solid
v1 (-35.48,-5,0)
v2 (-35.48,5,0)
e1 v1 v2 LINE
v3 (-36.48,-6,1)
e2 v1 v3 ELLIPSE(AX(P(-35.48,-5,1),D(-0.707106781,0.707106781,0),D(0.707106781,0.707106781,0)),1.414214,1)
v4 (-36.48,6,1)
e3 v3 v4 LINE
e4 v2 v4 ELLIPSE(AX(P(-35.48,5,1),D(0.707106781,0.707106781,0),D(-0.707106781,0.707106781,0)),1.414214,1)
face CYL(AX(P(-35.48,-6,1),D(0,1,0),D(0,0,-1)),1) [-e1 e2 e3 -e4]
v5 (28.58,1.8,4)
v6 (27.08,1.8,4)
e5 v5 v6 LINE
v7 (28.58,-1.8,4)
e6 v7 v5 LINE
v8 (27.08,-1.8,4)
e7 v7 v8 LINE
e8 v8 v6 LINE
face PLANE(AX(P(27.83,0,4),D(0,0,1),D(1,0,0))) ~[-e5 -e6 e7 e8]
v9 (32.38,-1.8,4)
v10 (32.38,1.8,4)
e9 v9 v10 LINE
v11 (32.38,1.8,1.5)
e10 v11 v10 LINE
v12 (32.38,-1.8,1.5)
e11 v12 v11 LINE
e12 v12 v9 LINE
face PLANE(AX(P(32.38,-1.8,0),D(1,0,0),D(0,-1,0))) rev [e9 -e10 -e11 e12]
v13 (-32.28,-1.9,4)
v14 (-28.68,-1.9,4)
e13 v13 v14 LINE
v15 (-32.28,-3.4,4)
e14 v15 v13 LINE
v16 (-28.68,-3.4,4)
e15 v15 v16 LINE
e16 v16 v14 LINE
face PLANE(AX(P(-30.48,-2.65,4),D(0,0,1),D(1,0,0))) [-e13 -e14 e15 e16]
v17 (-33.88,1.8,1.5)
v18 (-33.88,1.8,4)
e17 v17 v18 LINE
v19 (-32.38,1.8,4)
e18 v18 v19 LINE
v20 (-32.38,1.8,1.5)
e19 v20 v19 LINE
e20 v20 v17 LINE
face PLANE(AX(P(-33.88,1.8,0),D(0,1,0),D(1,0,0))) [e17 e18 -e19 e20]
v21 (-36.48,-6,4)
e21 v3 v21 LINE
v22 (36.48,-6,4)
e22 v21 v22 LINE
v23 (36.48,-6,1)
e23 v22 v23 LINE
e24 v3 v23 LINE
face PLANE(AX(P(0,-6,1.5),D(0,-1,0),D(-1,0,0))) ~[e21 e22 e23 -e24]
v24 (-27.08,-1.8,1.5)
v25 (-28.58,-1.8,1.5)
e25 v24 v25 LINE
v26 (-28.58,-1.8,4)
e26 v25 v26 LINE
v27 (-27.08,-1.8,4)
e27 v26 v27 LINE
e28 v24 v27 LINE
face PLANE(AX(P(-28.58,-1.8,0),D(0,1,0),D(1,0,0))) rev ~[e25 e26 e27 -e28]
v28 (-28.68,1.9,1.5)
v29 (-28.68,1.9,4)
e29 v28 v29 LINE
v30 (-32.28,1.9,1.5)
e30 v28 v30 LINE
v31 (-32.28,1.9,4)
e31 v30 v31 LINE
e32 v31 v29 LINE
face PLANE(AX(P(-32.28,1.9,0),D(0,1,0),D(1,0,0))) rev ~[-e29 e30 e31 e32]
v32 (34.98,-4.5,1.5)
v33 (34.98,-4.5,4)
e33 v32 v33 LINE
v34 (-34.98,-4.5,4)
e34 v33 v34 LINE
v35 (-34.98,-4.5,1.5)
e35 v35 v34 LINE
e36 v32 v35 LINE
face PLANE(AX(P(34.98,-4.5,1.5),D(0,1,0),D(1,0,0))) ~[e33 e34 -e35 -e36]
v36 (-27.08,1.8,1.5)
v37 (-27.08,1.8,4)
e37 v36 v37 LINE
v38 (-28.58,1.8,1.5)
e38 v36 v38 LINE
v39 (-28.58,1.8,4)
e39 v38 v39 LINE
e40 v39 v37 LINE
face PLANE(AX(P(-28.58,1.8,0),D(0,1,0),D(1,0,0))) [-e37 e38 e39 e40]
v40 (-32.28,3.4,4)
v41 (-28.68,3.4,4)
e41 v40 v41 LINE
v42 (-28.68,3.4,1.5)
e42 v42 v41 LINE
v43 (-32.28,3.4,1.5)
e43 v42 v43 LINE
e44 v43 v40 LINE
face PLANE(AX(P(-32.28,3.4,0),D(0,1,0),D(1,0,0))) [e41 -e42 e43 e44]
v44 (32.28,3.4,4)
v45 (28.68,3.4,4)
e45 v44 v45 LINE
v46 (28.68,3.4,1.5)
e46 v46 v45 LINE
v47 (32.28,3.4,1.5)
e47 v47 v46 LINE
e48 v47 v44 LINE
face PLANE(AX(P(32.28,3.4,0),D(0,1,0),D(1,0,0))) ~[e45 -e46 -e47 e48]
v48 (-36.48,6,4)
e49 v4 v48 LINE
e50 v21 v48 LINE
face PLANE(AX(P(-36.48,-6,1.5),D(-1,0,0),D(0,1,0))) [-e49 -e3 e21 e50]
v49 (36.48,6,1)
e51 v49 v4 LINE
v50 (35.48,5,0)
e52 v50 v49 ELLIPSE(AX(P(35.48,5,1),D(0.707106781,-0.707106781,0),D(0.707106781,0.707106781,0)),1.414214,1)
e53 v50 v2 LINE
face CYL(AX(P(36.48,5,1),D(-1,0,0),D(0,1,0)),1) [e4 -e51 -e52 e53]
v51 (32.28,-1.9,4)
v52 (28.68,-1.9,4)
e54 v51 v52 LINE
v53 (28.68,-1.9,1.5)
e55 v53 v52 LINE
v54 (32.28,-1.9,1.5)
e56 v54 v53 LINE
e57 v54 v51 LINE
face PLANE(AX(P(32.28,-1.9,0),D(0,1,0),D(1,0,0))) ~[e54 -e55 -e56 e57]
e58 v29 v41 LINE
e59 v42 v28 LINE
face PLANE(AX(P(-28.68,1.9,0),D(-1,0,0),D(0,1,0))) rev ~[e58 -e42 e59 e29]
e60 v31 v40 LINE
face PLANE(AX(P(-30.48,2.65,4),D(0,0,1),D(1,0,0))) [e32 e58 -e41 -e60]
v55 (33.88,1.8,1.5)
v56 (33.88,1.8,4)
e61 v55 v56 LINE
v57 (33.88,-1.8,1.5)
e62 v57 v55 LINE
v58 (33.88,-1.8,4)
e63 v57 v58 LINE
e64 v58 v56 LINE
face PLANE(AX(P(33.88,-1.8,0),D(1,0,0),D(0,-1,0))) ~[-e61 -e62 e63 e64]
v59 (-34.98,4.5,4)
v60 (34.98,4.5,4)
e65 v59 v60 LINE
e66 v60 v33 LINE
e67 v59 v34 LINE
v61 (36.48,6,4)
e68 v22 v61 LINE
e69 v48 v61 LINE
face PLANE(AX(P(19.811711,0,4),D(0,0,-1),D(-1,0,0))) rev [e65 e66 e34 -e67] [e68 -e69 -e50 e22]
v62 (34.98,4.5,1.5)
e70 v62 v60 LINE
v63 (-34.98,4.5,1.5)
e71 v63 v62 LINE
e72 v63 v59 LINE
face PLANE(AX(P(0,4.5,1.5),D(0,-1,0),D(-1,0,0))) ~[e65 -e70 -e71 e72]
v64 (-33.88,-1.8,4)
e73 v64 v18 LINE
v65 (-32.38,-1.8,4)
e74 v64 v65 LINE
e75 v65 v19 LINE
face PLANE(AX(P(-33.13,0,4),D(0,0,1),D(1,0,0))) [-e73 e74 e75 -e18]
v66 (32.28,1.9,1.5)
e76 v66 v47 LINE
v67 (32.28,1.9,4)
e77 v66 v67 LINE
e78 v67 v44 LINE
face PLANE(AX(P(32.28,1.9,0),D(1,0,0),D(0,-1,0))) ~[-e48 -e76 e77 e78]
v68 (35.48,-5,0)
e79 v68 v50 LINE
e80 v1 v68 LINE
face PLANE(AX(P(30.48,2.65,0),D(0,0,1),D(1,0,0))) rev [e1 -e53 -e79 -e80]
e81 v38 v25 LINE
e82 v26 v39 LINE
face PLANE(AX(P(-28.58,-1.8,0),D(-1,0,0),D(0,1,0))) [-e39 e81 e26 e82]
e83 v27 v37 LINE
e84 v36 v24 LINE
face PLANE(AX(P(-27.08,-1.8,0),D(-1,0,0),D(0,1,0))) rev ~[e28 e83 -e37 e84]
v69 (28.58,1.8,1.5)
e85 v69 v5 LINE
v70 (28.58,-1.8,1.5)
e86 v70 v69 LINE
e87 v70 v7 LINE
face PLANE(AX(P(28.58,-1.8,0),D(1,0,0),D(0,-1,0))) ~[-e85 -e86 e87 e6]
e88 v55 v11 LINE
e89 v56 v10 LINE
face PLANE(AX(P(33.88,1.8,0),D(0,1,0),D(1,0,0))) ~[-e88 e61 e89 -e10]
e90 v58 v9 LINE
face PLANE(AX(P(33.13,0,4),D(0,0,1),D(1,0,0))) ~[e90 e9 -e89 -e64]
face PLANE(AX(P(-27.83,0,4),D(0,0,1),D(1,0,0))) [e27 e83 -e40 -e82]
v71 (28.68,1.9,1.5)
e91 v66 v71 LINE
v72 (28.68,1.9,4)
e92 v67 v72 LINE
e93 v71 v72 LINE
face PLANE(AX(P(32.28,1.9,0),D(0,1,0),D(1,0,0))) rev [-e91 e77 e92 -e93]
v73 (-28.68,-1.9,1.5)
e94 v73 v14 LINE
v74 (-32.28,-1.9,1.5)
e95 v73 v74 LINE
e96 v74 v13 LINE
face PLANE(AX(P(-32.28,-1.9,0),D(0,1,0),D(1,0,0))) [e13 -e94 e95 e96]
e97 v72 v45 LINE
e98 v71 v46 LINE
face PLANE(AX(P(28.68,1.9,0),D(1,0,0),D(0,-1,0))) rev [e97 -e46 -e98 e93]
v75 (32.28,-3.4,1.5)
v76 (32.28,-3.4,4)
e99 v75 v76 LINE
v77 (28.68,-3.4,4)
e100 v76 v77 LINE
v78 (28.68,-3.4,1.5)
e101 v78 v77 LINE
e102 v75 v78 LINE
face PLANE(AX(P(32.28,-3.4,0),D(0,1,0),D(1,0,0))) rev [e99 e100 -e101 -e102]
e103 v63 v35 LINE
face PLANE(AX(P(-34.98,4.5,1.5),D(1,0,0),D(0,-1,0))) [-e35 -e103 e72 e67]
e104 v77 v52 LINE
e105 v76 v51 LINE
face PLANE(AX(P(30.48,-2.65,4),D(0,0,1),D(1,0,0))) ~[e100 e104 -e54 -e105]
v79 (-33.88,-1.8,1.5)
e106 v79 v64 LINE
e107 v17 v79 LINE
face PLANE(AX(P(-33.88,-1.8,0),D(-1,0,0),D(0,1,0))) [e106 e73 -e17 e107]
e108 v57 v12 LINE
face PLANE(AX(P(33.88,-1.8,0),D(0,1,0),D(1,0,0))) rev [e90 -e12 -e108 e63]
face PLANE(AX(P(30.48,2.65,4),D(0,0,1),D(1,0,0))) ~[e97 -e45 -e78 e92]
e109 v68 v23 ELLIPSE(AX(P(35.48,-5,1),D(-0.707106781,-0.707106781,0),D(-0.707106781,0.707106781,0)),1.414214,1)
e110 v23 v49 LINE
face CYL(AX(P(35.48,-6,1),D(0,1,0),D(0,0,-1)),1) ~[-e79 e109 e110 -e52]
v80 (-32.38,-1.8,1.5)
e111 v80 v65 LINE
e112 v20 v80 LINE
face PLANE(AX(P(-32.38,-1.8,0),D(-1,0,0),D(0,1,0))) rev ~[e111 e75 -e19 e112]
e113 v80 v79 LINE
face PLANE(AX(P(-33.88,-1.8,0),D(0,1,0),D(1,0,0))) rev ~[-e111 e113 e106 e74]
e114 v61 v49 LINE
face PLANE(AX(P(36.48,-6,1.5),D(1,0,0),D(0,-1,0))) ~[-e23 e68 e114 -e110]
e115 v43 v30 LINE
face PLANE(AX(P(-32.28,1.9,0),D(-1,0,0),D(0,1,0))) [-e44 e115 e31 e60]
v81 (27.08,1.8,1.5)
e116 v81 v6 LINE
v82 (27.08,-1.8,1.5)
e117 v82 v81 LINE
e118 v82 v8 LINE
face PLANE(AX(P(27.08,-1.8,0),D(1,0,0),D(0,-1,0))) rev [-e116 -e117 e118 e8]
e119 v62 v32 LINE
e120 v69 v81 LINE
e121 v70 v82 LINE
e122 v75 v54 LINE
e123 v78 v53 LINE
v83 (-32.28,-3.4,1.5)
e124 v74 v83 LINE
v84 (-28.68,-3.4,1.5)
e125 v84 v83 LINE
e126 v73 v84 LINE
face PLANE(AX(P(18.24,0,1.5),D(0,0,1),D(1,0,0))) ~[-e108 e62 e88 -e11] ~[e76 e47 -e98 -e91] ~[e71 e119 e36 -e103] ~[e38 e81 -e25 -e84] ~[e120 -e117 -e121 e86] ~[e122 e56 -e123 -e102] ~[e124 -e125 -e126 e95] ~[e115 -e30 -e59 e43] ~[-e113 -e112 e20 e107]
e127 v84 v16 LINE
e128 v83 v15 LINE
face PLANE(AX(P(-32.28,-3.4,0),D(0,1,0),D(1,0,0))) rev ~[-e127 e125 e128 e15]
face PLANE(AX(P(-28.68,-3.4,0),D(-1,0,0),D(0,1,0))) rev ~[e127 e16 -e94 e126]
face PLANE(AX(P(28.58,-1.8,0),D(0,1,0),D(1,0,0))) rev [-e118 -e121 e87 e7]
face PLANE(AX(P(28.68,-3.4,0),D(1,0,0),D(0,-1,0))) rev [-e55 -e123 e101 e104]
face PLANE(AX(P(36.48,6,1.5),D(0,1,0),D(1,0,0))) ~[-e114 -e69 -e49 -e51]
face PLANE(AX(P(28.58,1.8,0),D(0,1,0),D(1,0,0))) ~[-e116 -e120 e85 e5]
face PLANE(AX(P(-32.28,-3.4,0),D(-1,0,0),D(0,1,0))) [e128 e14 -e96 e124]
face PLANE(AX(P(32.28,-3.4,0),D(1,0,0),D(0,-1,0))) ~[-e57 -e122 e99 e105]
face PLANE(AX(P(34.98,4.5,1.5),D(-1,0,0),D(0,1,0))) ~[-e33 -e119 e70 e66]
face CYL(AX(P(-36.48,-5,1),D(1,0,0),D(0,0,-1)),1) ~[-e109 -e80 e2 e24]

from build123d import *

# Parameters (mm, degrees)
SKETCH_W      = 36.48
SKETCH_H      = 12
PAD_DEPTH     = 1.5
PAD001_DEPTH  = 2.5
SKETCH002_W   = 3.6
SKETCH002_H   = 1.5
SKETCH002_W_2 = 1.5
SKETCH002_H_2 = 3.6
PAD002_DEPTH  = 4
FILLET_R      = 1


with BuildPart() as part:
    # Sketch → Pad (new body)
    with BuildSketch(Plane.XY):
        with Locations((-18.24, 0)):
            Rectangle(SKETCH_W, SKETCH_H)
    pad = extrude(amount=PAD_DEPTH)

    # Sketch001 → Pad001 (join)
    with BuildSketch(Plane.XY.offset(1.5)):
        Polygon((-36.48, 6), (0, 6), (0, 4.5), (-34.98, 4.5), (-34.98, -4.5), (0, -4.5), (0, -6), (-36.48, -6), align=None)
    pad001 = extrude(amount=PAD001_DEPTH)

    # Sketch002 → Pad002 (join)
    with BuildSketch(Plane.XY):
        with Locations((-30.48, 2.65)):
            Rectangle(SKETCH002_W, SKETCH002_H)
        with Locations((-30.48, -2.65)):
            Rectangle(SKETCH002_W, SKETCH002_H)
        with Locations((-33.13, 0)):
            Rectangle(SKETCH002_W_2, SKETCH002_H_2)
        with Locations((-27.83, 0)):
            Rectangle(SKETCH002_W_2, SKETCH002_H_2)
    pad002 = extrude(amount=PAD002_DEPTH)

    # Mirrored: Pad across Sketch V_Axis
    add(pad.mirror(Plane(origin=(0, 0, 0), x_dir=(0, 0, 1), z_dir=(1, 0, 0))))

    # Mirrored001: Pad002 across Sketch002 V_Axis
    add(pad002.mirror(Plane(origin=(0, 0, 0), x_dir=(0, 0, 1), z_dir=(1, 0, 0))))

    # Mirrored002: Pad001 across Sketch001 V_Axis
    add(pad001.mirror(Plane(origin=(0, 0, 1.5), x_dir=(0, 0, 1), z_dir=(1, 0, 0))))

    # Fillet
    fillet_edges = [part.edges().sort_by_distance(p)[0] for p in [
        (36.48, 0, 0),
        (0, -6, 0),
        (-36.48, 0, 0),
        (0, 6, 0),
    ]]
    fillet(fillet_edges, radius=FILLET_R)


solid = part.part
